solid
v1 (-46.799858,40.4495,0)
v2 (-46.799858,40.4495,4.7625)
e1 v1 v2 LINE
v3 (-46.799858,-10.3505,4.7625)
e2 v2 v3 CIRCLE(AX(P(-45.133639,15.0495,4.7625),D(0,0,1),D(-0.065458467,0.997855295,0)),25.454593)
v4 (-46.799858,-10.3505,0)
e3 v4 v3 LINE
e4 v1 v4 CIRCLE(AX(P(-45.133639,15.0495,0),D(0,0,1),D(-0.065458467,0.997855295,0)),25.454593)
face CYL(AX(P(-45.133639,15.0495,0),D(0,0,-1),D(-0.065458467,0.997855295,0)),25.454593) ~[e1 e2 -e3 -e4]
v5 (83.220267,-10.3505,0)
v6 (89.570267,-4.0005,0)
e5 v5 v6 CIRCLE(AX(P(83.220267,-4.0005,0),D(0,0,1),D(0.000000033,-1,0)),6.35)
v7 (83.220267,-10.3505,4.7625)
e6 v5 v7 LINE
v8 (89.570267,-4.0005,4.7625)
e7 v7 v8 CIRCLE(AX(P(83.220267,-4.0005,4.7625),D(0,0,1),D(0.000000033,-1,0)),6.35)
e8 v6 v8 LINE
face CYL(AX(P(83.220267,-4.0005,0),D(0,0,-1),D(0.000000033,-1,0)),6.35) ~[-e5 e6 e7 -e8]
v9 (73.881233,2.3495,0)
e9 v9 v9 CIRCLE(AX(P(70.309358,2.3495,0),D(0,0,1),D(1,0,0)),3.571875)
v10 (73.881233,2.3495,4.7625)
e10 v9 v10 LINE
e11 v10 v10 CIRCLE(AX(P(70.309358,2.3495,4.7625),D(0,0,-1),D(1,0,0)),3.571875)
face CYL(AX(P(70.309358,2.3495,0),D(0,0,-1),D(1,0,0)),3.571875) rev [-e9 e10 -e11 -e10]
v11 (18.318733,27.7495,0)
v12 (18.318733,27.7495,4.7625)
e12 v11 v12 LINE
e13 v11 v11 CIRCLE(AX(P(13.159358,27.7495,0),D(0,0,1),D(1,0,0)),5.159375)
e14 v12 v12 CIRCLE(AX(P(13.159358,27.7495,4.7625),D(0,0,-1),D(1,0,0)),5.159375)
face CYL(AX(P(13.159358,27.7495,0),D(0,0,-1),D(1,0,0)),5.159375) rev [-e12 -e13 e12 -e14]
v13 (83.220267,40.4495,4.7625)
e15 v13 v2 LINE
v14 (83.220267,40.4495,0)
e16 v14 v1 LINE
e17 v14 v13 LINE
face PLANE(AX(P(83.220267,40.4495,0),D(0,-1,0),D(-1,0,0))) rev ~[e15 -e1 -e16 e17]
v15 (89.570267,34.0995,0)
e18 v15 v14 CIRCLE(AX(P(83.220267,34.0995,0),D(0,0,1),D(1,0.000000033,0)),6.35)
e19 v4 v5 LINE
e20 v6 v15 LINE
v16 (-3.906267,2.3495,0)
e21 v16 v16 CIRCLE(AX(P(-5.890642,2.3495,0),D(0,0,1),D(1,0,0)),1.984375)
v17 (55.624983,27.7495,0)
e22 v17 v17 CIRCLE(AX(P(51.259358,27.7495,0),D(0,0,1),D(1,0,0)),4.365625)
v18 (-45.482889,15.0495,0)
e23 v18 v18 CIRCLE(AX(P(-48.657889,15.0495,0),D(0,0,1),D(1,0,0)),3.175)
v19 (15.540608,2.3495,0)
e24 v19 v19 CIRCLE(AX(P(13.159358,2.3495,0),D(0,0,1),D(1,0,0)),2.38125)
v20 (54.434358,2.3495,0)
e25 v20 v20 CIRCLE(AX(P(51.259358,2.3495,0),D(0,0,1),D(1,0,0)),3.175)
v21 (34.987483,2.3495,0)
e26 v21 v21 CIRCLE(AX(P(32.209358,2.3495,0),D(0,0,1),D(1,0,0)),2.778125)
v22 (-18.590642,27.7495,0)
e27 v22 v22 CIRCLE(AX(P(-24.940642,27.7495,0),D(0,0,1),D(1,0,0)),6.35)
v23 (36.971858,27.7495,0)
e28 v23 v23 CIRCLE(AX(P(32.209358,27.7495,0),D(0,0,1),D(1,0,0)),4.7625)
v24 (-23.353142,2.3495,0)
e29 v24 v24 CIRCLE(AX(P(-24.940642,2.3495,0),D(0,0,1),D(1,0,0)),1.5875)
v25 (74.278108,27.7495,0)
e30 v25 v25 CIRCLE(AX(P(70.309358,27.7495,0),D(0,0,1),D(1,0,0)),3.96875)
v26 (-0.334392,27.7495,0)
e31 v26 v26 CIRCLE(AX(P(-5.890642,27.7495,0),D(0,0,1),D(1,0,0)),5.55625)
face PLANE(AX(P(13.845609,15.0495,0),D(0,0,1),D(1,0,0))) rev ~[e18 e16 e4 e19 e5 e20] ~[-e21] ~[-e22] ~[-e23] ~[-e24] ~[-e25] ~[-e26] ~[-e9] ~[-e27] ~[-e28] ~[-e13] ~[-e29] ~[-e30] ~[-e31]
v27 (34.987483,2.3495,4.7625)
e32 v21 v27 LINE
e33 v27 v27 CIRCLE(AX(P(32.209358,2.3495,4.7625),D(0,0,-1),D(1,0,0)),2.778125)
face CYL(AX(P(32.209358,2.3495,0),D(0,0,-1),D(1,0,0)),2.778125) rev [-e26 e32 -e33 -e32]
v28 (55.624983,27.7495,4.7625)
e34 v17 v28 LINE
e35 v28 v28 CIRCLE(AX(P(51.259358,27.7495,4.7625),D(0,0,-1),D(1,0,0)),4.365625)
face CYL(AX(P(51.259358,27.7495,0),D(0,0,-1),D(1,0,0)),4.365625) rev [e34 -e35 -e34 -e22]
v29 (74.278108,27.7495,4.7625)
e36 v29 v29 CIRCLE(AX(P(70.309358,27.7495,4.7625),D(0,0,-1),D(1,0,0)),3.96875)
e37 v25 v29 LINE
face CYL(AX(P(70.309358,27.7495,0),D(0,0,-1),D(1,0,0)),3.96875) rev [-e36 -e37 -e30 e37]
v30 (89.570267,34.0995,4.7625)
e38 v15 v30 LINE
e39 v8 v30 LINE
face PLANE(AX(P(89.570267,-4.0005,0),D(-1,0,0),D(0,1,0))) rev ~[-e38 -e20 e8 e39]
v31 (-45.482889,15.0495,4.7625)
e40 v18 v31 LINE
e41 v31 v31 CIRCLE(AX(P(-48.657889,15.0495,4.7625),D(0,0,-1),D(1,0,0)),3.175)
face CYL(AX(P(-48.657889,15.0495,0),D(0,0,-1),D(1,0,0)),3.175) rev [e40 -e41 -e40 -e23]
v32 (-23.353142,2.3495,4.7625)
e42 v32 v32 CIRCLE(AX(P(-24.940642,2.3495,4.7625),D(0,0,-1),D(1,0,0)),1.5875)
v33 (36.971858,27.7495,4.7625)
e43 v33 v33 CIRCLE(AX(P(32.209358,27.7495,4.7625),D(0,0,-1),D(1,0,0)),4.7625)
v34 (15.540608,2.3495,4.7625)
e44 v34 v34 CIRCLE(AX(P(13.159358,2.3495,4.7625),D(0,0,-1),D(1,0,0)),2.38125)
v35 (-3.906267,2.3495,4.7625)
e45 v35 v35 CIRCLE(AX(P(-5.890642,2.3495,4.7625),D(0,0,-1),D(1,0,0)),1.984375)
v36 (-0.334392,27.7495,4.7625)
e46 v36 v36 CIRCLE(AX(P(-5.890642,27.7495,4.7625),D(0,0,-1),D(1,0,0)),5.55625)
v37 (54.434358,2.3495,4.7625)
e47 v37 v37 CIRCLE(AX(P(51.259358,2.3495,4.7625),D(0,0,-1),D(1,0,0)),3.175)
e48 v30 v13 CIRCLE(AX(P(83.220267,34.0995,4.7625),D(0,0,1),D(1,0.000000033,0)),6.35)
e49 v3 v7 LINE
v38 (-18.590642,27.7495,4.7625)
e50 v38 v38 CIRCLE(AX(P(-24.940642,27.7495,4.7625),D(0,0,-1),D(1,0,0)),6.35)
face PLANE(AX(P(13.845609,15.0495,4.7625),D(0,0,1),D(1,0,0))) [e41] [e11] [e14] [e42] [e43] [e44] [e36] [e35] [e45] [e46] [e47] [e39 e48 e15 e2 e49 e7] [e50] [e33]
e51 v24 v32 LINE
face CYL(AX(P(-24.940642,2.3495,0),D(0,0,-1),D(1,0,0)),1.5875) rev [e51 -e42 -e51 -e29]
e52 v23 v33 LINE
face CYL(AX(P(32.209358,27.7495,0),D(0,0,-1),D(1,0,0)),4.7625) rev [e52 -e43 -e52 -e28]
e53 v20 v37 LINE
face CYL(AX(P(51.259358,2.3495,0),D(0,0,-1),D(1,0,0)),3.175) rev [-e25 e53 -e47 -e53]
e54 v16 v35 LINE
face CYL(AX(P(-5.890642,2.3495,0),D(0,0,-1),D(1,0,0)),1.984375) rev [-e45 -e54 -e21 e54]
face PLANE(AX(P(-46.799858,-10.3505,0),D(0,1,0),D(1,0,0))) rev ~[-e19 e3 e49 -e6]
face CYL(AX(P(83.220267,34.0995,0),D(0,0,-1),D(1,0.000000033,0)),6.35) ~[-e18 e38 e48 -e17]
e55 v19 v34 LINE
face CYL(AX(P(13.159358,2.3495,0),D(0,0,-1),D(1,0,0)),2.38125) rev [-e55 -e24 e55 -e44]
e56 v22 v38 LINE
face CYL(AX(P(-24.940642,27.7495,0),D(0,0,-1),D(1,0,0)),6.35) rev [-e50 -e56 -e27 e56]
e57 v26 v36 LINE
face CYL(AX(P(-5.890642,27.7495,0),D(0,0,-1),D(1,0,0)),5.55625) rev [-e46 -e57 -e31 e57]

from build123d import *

# Parameters (mm, degrees)
F2_DEPTH = 4.7625
F1_R     = 6.35
F1_R_2   = 1.5875
F1_R_3   = 3.175
F1_R_4   = 5.55625
F1_R_5   = 5.159375
F1_R_6   = 4.7625
F1_R_7   = 4.365625
F1_R_8   = 3.96875
F1_R_9   = 3.571875
F1_R_10  = 2.778125
F1_R_11  = 2.38125
F1_R_12  = 1.984375
F3_DEPTH = 35.56


with BuildPart() as f2:
    # F0 (on Top) → F2 (new body)
    with BuildSketch(Plane.XY):
        with BuildLine():
            Line((83.220267, 40.4495), (-46.799858, 40.4495))
            ThreePointArc((-46.799858, 40.4495), (-70.588232, 15.0495), (-46.799858, -10.3505))
            Line((-46.799858, -10.3505), (83.220267, -10.3505))
            ThreePointArc((83.220267, -10.3505), (87.710395, -8.490628), (89.570267, -4.0005))
            Line((89.570267, -4.0005), (89.570267, 34.0995))
            ThreePointArc((89.570267, 34.0995), (87.710395, 38.589628), (83.220267, 40.4495))
        make_face()
    extrude(amount=F2_DEPTH)

    # F1 (on face) → F3 (cut)
    with BuildSketch(Plane.XY):
        with Locations((-24.940642, 27.7495)):
            Circle(F1_R)
        with Locations((-24.940642, 2.3495)):
            Circle(F1_R_2)
        with Locations((-48.657889, 15.0495)):
            Circle(F1_R_3)
        with Locations((-5.890642, 27.7495)):
            Circle(F1_R_4)
        with Locations((13.159358, 27.7495)):
            Circle(F1_R_5)
        with Locations((32.209358, 27.7495)):
            Circle(F1_R_6)
        with Locations((51.259358, 27.7495)):
            Circle(F1_R_7)
        with Locations((70.309358, 27.7495)):
            Circle(F1_R_8)
        with Locations((70.309358, 2.3495)):
            Circle(F1_R_9)
        with Locations((51.259358, 2.3495)):
            Circle(F1_R_3)
        with Locations((32.209358, 2.3495)):
            Circle(F1_R_10)
        with Locations((13.159358, 2.3495)):
            Circle(F1_R_11)
        with Locations((-5.890642, 2.3495)):
            Circle(F1_R_12)
    extrude(amount=F3_DEPTH, mode=Mode.SUBTRACT)


solid = f2.part
